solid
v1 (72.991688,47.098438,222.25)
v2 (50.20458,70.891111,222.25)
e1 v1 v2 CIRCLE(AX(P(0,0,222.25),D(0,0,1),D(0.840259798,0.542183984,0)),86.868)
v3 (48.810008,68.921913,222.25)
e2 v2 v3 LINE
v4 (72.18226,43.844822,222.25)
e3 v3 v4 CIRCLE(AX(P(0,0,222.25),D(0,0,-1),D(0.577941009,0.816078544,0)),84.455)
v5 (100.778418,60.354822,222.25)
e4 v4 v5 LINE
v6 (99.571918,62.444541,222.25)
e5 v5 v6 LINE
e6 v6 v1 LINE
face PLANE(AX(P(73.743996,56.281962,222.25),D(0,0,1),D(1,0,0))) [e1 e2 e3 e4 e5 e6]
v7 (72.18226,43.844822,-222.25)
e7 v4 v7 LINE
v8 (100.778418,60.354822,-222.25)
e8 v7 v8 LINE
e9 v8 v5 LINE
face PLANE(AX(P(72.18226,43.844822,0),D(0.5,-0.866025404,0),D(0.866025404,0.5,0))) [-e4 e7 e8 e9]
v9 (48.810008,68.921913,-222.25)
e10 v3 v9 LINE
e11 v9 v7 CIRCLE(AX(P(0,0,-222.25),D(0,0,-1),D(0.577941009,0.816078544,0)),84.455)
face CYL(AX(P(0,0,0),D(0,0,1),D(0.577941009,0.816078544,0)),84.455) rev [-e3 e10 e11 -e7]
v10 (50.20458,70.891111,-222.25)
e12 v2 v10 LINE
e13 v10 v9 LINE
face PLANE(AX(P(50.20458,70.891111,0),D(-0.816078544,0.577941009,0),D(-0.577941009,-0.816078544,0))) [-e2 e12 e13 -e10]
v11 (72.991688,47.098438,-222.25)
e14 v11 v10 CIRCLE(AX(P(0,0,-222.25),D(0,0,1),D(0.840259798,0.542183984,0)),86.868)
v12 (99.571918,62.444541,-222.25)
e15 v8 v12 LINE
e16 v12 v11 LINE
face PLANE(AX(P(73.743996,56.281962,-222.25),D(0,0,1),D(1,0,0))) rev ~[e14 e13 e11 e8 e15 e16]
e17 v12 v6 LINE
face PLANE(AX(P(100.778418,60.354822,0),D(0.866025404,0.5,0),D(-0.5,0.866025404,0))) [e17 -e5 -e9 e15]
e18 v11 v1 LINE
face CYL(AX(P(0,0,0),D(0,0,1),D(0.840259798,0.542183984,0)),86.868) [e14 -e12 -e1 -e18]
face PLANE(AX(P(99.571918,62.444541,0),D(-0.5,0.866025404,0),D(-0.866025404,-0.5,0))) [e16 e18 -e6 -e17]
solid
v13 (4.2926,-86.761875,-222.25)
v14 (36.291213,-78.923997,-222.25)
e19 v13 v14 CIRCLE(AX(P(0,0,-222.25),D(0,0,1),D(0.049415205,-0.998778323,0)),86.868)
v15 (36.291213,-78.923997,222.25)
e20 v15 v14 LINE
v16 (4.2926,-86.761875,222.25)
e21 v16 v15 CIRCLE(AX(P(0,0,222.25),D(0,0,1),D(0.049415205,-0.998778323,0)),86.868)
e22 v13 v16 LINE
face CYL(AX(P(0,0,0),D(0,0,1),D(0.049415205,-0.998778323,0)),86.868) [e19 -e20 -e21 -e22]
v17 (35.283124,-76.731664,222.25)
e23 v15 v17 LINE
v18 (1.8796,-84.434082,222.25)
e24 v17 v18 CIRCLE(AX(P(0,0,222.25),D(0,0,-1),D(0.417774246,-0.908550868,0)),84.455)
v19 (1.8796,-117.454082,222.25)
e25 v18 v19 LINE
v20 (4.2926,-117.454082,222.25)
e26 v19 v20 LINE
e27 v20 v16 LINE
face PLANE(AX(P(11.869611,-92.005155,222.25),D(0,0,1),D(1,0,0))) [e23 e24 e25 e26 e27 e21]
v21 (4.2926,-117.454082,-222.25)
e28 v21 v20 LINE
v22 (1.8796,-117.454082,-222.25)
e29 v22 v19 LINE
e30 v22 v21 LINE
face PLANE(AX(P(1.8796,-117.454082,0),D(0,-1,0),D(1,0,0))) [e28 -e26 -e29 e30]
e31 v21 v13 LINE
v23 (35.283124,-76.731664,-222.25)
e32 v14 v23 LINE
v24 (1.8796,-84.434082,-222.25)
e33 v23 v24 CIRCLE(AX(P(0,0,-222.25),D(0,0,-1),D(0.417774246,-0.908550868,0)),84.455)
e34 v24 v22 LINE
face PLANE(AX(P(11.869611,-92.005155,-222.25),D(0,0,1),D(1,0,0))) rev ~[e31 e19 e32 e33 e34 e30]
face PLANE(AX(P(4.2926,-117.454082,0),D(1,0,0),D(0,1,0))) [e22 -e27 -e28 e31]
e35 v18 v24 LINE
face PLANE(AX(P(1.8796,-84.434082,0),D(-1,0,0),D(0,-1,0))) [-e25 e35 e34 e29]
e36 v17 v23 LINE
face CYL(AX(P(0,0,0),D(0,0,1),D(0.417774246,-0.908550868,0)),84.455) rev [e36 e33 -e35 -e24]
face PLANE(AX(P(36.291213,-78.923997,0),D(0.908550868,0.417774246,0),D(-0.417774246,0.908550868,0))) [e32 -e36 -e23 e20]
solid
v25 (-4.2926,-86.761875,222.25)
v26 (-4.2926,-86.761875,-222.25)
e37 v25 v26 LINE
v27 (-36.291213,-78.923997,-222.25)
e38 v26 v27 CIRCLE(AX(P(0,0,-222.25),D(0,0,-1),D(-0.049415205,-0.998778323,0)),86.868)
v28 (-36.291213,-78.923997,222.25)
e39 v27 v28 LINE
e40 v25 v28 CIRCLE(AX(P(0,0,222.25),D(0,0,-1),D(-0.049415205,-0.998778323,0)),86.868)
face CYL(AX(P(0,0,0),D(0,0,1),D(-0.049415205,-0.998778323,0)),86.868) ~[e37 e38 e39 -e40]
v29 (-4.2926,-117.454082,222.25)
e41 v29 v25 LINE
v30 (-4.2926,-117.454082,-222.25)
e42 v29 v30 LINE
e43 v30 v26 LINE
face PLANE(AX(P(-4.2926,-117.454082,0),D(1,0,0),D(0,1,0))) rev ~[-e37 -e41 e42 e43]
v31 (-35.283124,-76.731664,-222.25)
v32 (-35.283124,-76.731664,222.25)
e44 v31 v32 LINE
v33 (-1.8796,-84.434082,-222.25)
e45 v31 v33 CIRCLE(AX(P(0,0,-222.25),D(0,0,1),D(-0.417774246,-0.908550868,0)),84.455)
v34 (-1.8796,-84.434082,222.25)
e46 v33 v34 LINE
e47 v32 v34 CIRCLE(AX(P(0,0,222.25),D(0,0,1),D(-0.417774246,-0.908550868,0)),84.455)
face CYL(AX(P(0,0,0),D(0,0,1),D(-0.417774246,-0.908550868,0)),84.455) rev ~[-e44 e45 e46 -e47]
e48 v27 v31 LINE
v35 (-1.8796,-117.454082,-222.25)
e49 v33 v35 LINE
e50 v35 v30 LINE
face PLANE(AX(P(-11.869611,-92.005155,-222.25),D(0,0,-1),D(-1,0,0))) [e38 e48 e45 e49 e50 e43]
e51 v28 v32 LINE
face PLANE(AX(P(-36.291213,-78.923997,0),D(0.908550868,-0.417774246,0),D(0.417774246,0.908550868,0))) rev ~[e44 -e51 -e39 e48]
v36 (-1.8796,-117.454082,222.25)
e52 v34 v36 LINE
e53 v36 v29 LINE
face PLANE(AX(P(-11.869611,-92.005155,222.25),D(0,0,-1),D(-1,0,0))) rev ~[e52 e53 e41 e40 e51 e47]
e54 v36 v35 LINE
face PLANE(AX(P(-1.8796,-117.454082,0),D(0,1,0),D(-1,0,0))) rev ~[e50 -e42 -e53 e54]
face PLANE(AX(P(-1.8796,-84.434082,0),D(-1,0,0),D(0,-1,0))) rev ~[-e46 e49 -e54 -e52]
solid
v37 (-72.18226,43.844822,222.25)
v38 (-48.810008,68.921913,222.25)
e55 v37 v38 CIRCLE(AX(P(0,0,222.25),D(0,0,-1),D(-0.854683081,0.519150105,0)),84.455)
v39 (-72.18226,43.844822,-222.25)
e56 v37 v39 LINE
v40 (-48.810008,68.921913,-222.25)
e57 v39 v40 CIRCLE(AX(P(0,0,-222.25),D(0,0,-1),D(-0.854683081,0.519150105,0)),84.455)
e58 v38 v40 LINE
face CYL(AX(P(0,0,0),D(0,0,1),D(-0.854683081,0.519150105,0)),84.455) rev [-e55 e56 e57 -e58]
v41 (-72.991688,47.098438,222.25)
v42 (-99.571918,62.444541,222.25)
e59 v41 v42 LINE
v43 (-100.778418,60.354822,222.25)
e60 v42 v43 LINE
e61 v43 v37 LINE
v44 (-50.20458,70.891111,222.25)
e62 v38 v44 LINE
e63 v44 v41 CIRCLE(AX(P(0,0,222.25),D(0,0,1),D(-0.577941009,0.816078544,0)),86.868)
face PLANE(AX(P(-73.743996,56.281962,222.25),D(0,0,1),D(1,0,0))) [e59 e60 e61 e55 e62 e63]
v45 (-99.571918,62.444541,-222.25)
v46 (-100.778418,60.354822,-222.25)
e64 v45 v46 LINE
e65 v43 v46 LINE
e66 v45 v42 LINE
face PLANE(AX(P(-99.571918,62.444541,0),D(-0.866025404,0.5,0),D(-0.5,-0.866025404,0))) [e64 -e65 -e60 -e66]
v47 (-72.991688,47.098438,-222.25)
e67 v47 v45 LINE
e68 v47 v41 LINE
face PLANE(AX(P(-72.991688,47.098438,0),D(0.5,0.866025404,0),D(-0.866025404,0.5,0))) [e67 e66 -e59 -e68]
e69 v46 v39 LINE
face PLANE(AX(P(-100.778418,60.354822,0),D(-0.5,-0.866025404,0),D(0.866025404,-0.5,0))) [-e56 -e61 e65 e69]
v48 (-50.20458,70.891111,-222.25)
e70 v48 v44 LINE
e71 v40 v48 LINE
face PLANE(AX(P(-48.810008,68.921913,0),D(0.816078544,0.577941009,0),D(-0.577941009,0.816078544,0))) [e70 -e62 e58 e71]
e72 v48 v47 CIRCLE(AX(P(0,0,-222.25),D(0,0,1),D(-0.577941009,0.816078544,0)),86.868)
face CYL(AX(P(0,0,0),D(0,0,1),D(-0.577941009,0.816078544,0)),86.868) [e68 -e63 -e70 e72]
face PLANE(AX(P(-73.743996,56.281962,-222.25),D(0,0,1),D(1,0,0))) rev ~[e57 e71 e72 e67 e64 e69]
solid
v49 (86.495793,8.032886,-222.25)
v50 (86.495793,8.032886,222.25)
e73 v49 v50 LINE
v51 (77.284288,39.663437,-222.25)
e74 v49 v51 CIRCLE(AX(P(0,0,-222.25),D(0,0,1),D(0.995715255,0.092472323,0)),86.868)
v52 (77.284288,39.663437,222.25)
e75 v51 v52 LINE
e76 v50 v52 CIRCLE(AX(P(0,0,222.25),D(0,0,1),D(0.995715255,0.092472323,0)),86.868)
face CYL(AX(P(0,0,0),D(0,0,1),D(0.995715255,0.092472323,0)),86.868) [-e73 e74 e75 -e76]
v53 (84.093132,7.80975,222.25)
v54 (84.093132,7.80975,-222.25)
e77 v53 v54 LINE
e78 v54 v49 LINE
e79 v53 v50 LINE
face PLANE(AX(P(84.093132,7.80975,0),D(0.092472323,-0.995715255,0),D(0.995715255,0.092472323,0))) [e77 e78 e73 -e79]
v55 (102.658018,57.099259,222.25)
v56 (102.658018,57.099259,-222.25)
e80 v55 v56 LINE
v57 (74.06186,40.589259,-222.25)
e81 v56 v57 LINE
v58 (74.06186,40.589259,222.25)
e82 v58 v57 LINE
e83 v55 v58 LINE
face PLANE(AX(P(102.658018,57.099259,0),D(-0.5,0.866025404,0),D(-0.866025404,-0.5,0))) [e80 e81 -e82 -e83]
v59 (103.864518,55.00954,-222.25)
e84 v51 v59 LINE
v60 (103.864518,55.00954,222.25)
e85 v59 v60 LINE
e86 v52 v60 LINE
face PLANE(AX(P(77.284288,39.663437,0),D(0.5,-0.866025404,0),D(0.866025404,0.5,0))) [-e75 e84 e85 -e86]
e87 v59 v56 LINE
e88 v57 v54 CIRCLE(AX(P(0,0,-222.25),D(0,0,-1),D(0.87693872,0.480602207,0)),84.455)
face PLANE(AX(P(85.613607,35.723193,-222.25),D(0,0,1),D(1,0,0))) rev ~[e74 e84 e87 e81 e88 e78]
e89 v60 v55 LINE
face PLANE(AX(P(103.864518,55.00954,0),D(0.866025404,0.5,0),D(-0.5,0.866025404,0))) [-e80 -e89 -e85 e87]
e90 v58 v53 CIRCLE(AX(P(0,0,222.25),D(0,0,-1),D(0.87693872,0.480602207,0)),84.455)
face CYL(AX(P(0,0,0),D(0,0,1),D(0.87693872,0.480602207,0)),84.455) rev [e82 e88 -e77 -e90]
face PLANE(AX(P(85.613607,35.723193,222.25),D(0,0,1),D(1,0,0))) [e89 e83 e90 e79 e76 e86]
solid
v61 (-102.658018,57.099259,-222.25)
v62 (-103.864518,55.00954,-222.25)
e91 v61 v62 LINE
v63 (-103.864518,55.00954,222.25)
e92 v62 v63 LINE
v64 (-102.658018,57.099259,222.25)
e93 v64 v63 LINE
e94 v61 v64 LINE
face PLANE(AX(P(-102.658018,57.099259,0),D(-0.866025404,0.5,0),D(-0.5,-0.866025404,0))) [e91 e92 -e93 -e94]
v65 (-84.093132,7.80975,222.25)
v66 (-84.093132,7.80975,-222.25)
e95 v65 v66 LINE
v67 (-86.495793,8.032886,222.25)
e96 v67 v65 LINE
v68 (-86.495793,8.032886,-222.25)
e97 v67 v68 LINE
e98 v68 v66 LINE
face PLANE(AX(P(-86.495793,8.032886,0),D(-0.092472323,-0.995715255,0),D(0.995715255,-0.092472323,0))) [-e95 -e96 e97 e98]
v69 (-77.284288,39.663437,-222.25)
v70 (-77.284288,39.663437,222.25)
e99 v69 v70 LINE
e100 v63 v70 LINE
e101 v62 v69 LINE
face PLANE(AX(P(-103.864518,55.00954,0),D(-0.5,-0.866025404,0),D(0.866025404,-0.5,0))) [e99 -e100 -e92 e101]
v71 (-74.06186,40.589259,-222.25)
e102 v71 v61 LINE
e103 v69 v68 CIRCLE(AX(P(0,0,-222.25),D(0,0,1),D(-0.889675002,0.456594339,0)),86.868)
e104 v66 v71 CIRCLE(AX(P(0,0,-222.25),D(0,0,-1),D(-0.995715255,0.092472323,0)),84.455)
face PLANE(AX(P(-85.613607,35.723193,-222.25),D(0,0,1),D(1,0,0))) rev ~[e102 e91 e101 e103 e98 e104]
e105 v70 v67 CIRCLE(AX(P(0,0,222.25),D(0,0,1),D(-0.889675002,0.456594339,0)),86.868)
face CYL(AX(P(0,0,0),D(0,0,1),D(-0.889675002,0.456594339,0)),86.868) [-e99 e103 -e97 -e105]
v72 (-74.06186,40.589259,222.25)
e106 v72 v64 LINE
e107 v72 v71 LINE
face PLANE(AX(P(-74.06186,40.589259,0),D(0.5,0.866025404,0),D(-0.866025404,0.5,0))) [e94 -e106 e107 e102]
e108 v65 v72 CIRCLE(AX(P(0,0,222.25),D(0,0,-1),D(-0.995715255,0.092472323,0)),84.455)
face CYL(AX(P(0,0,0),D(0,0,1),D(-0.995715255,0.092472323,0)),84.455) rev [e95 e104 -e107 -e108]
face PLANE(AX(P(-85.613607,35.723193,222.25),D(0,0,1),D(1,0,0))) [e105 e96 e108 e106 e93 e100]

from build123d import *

# Parameters (mm, degrees)
BOSS_EXTRUDE1_DEPTH   = 222.25
BOSS_EXTRUDE1_2_DEPTH = 222.25
BOSS_EXTRUDE1_3_DEPTH = 222.25
BOSS_EXTRUDE1_4_DEPTH = 222.25
BOSS_EXTRUDE1_5_DEPTH = 222.25
BOSS_EXTRUDE1_6_DEPTH = 222.25


with BuildPart() as part:
    # Sketch1 → Boss-Extrude1 (new, symmetric)
    with BuildSketch(Plane.XY):
        with BuildLine():
            Line((-1.8796, -84.43408156), (-1.8796, -117.45408156))
            Line((-1.8796, -117.45408156), (-4.2926, -117.45408156))
            Line((-4.2926, -117.45408156), (-4.2926, -86.761875321))
            ThreePointArc((-4.2926, -86.761875321), (-20.666871058, -84.373751041), (-36.291213239, -78.923996767))
            Line((-36.291213239, -78.923996767), (-35.283123983, -76.731663523))
            ThreePointArc((-35.283123983, -76.731663523), (-18.976270033, -82.295493198), (-1.8796, -84.43408156))
        make_face()
    extrude(amount=BOSS_EXTRUDE1_DEPTH, both=True)


with BuildPart() as body_2:
    # Sketch1 → Boss-Extrude1 2 (new, symmetric)
    with BuildSketch(Plane.XY):
        with BuildLine():
            Line((1.8796, -84.43408156), (1.8796, -117.45408156))
            Line((1.8796, -117.45408156), (4.2926, -117.45408156))
            Line((4.2926, -117.45408156), (4.2926, -86.761875321))
            ThreePointArc((4.2926, -86.761875321), (20.666871058, -84.373751041), (36.291213239, -78.923996767))
            Line((36.291213239, -78.923996767), (35.283123983, -76.731663523))
            ThreePointArc((35.283123983, -76.731663523), (18.976270033, -82.295493198), (1.8796, -84.43408156))
        make_face()
    extrude(amount=BOSS_EXTRUDE1_2_DEPTH, both=True)


with BuildPart() as body_3:
    # Sketch1 → Boss-Extrude1 3 (new, symmetric)
    with BuildSketch(Plane.XY):
        with BuildLine():
            Line((-48.810007894, 68.921913455), (-50.204579548, 70.891110983))
            ThreePointArc((-50.204579548, 70.891110983), (-62.736376285, 60.084910873), (-72.991688108, 47.098438309))
            Line((-72.991688108, 47.098438309), (-99.571918409, 62.444541428))
            Line((-99.571918409, 62.444541428), (-100.778418409, 60.354822129))
            Line((-100.778418409, 60.354822129), (-72.182259576, 43.844822129))
            ThreePointArc((-72.182259576, 43.844822129), (-61.78185271, 57.581678516), (-48.810007894, 68.921913455))
        make_face()
    extrude(amount=BOSS_EXTRUDE1_3_DEPTH, both=True)


with BuildPart() as body_4:
    # Sketch1 → Boss-Extrude1 4 (new, symmetric)
    with BuildSketch(Plane.XY):
        with BuildLine():
            Line((-74.061859576, 40.589259431), (-102.658018409, 57.099259431))
            Line((-102.658018409, 57.099259431), (-103.864518409, 55.009540132))
            Line((-103.864518409, 55.009540132), (-77.284288108, 39.663437012))
            ThreePointArc((-77.284288108, 39.663437012), (-83.403247343, 24.288840168), (-86.495792788, 8.032885784))
            Line((-86.495792788, 8.032885784), (-84.093131877, 7.809750068))
            ThreePointArc((-84.093131877, 7.809750068), (-80.758122743, 24.713814681), (-74.061859576, 40.589259431))
        make_face()
    extrude(amount=BOSS_EXTRUDE1_4_DEPTH, both=True)


with BuildPart() as body_5:
    # Sketch1 → Boss-Extrude1 5 (new, symmetric)
    with BuildSketch(Plane.XY):
        with BuildLine():
            Line((84.093131877, 7.809750068), (86.495792788, 8.032885784))
            ThreePointArc((86.495792788, 8.032885784), (83.403247343, 24.288840168), (77.284288108, 39.663437012))
            Line((77.284288108, 39.663437012), (103.864518409, 55.009540132))
            Line((103.864518409, 55.009540132), (102.658018409, 57.099259431))
            Line((102.658018409, 57.099259431), (74.061859576, 40.589259431))
            ThreePointArc((74.061859576, 40.589259431), (80.758122743, 24.713814681), (84.093131877, 7.809750068))
        make_face()
    extrude(amount=BOSS_EXTRUDE1_5_DEPTH, both=True)


with BuildPart() as body_6:
    # Sketch1 → Boss-Extrude1 6 (new, symmetric)
    with BuildSketch(Plane.XY):
        with BuildLine():
            Line((72.182259576, 43.844822129), (100.778418409, 60.354822129))
            Line((100.778418409, 60.354822129), (99.571918409, 62.444541428))
            Line((99.571918409, 62.444541428), (72.991688108, 47.098438309))
            ThreePointArc((72.991688108, 47.098438309), (62.736376285, 60.084910873), (50.204579548, 70.891110983))
            Line((50.204579548, 70.891110983), (48.810007894, 68.921913455))
            ThreePointArc((48.810007894, 68.921913455), (61.78185271, 57.581678516), (72.182259576, 43.844822129))
        make_face()
    extrude(amount=BOSS_EXTRUDE1_6_DEPTH, both=True)


solid = Compound([part.part, body_2.part, body_3.part, body_4.part, body_5.part, body_6.part])
